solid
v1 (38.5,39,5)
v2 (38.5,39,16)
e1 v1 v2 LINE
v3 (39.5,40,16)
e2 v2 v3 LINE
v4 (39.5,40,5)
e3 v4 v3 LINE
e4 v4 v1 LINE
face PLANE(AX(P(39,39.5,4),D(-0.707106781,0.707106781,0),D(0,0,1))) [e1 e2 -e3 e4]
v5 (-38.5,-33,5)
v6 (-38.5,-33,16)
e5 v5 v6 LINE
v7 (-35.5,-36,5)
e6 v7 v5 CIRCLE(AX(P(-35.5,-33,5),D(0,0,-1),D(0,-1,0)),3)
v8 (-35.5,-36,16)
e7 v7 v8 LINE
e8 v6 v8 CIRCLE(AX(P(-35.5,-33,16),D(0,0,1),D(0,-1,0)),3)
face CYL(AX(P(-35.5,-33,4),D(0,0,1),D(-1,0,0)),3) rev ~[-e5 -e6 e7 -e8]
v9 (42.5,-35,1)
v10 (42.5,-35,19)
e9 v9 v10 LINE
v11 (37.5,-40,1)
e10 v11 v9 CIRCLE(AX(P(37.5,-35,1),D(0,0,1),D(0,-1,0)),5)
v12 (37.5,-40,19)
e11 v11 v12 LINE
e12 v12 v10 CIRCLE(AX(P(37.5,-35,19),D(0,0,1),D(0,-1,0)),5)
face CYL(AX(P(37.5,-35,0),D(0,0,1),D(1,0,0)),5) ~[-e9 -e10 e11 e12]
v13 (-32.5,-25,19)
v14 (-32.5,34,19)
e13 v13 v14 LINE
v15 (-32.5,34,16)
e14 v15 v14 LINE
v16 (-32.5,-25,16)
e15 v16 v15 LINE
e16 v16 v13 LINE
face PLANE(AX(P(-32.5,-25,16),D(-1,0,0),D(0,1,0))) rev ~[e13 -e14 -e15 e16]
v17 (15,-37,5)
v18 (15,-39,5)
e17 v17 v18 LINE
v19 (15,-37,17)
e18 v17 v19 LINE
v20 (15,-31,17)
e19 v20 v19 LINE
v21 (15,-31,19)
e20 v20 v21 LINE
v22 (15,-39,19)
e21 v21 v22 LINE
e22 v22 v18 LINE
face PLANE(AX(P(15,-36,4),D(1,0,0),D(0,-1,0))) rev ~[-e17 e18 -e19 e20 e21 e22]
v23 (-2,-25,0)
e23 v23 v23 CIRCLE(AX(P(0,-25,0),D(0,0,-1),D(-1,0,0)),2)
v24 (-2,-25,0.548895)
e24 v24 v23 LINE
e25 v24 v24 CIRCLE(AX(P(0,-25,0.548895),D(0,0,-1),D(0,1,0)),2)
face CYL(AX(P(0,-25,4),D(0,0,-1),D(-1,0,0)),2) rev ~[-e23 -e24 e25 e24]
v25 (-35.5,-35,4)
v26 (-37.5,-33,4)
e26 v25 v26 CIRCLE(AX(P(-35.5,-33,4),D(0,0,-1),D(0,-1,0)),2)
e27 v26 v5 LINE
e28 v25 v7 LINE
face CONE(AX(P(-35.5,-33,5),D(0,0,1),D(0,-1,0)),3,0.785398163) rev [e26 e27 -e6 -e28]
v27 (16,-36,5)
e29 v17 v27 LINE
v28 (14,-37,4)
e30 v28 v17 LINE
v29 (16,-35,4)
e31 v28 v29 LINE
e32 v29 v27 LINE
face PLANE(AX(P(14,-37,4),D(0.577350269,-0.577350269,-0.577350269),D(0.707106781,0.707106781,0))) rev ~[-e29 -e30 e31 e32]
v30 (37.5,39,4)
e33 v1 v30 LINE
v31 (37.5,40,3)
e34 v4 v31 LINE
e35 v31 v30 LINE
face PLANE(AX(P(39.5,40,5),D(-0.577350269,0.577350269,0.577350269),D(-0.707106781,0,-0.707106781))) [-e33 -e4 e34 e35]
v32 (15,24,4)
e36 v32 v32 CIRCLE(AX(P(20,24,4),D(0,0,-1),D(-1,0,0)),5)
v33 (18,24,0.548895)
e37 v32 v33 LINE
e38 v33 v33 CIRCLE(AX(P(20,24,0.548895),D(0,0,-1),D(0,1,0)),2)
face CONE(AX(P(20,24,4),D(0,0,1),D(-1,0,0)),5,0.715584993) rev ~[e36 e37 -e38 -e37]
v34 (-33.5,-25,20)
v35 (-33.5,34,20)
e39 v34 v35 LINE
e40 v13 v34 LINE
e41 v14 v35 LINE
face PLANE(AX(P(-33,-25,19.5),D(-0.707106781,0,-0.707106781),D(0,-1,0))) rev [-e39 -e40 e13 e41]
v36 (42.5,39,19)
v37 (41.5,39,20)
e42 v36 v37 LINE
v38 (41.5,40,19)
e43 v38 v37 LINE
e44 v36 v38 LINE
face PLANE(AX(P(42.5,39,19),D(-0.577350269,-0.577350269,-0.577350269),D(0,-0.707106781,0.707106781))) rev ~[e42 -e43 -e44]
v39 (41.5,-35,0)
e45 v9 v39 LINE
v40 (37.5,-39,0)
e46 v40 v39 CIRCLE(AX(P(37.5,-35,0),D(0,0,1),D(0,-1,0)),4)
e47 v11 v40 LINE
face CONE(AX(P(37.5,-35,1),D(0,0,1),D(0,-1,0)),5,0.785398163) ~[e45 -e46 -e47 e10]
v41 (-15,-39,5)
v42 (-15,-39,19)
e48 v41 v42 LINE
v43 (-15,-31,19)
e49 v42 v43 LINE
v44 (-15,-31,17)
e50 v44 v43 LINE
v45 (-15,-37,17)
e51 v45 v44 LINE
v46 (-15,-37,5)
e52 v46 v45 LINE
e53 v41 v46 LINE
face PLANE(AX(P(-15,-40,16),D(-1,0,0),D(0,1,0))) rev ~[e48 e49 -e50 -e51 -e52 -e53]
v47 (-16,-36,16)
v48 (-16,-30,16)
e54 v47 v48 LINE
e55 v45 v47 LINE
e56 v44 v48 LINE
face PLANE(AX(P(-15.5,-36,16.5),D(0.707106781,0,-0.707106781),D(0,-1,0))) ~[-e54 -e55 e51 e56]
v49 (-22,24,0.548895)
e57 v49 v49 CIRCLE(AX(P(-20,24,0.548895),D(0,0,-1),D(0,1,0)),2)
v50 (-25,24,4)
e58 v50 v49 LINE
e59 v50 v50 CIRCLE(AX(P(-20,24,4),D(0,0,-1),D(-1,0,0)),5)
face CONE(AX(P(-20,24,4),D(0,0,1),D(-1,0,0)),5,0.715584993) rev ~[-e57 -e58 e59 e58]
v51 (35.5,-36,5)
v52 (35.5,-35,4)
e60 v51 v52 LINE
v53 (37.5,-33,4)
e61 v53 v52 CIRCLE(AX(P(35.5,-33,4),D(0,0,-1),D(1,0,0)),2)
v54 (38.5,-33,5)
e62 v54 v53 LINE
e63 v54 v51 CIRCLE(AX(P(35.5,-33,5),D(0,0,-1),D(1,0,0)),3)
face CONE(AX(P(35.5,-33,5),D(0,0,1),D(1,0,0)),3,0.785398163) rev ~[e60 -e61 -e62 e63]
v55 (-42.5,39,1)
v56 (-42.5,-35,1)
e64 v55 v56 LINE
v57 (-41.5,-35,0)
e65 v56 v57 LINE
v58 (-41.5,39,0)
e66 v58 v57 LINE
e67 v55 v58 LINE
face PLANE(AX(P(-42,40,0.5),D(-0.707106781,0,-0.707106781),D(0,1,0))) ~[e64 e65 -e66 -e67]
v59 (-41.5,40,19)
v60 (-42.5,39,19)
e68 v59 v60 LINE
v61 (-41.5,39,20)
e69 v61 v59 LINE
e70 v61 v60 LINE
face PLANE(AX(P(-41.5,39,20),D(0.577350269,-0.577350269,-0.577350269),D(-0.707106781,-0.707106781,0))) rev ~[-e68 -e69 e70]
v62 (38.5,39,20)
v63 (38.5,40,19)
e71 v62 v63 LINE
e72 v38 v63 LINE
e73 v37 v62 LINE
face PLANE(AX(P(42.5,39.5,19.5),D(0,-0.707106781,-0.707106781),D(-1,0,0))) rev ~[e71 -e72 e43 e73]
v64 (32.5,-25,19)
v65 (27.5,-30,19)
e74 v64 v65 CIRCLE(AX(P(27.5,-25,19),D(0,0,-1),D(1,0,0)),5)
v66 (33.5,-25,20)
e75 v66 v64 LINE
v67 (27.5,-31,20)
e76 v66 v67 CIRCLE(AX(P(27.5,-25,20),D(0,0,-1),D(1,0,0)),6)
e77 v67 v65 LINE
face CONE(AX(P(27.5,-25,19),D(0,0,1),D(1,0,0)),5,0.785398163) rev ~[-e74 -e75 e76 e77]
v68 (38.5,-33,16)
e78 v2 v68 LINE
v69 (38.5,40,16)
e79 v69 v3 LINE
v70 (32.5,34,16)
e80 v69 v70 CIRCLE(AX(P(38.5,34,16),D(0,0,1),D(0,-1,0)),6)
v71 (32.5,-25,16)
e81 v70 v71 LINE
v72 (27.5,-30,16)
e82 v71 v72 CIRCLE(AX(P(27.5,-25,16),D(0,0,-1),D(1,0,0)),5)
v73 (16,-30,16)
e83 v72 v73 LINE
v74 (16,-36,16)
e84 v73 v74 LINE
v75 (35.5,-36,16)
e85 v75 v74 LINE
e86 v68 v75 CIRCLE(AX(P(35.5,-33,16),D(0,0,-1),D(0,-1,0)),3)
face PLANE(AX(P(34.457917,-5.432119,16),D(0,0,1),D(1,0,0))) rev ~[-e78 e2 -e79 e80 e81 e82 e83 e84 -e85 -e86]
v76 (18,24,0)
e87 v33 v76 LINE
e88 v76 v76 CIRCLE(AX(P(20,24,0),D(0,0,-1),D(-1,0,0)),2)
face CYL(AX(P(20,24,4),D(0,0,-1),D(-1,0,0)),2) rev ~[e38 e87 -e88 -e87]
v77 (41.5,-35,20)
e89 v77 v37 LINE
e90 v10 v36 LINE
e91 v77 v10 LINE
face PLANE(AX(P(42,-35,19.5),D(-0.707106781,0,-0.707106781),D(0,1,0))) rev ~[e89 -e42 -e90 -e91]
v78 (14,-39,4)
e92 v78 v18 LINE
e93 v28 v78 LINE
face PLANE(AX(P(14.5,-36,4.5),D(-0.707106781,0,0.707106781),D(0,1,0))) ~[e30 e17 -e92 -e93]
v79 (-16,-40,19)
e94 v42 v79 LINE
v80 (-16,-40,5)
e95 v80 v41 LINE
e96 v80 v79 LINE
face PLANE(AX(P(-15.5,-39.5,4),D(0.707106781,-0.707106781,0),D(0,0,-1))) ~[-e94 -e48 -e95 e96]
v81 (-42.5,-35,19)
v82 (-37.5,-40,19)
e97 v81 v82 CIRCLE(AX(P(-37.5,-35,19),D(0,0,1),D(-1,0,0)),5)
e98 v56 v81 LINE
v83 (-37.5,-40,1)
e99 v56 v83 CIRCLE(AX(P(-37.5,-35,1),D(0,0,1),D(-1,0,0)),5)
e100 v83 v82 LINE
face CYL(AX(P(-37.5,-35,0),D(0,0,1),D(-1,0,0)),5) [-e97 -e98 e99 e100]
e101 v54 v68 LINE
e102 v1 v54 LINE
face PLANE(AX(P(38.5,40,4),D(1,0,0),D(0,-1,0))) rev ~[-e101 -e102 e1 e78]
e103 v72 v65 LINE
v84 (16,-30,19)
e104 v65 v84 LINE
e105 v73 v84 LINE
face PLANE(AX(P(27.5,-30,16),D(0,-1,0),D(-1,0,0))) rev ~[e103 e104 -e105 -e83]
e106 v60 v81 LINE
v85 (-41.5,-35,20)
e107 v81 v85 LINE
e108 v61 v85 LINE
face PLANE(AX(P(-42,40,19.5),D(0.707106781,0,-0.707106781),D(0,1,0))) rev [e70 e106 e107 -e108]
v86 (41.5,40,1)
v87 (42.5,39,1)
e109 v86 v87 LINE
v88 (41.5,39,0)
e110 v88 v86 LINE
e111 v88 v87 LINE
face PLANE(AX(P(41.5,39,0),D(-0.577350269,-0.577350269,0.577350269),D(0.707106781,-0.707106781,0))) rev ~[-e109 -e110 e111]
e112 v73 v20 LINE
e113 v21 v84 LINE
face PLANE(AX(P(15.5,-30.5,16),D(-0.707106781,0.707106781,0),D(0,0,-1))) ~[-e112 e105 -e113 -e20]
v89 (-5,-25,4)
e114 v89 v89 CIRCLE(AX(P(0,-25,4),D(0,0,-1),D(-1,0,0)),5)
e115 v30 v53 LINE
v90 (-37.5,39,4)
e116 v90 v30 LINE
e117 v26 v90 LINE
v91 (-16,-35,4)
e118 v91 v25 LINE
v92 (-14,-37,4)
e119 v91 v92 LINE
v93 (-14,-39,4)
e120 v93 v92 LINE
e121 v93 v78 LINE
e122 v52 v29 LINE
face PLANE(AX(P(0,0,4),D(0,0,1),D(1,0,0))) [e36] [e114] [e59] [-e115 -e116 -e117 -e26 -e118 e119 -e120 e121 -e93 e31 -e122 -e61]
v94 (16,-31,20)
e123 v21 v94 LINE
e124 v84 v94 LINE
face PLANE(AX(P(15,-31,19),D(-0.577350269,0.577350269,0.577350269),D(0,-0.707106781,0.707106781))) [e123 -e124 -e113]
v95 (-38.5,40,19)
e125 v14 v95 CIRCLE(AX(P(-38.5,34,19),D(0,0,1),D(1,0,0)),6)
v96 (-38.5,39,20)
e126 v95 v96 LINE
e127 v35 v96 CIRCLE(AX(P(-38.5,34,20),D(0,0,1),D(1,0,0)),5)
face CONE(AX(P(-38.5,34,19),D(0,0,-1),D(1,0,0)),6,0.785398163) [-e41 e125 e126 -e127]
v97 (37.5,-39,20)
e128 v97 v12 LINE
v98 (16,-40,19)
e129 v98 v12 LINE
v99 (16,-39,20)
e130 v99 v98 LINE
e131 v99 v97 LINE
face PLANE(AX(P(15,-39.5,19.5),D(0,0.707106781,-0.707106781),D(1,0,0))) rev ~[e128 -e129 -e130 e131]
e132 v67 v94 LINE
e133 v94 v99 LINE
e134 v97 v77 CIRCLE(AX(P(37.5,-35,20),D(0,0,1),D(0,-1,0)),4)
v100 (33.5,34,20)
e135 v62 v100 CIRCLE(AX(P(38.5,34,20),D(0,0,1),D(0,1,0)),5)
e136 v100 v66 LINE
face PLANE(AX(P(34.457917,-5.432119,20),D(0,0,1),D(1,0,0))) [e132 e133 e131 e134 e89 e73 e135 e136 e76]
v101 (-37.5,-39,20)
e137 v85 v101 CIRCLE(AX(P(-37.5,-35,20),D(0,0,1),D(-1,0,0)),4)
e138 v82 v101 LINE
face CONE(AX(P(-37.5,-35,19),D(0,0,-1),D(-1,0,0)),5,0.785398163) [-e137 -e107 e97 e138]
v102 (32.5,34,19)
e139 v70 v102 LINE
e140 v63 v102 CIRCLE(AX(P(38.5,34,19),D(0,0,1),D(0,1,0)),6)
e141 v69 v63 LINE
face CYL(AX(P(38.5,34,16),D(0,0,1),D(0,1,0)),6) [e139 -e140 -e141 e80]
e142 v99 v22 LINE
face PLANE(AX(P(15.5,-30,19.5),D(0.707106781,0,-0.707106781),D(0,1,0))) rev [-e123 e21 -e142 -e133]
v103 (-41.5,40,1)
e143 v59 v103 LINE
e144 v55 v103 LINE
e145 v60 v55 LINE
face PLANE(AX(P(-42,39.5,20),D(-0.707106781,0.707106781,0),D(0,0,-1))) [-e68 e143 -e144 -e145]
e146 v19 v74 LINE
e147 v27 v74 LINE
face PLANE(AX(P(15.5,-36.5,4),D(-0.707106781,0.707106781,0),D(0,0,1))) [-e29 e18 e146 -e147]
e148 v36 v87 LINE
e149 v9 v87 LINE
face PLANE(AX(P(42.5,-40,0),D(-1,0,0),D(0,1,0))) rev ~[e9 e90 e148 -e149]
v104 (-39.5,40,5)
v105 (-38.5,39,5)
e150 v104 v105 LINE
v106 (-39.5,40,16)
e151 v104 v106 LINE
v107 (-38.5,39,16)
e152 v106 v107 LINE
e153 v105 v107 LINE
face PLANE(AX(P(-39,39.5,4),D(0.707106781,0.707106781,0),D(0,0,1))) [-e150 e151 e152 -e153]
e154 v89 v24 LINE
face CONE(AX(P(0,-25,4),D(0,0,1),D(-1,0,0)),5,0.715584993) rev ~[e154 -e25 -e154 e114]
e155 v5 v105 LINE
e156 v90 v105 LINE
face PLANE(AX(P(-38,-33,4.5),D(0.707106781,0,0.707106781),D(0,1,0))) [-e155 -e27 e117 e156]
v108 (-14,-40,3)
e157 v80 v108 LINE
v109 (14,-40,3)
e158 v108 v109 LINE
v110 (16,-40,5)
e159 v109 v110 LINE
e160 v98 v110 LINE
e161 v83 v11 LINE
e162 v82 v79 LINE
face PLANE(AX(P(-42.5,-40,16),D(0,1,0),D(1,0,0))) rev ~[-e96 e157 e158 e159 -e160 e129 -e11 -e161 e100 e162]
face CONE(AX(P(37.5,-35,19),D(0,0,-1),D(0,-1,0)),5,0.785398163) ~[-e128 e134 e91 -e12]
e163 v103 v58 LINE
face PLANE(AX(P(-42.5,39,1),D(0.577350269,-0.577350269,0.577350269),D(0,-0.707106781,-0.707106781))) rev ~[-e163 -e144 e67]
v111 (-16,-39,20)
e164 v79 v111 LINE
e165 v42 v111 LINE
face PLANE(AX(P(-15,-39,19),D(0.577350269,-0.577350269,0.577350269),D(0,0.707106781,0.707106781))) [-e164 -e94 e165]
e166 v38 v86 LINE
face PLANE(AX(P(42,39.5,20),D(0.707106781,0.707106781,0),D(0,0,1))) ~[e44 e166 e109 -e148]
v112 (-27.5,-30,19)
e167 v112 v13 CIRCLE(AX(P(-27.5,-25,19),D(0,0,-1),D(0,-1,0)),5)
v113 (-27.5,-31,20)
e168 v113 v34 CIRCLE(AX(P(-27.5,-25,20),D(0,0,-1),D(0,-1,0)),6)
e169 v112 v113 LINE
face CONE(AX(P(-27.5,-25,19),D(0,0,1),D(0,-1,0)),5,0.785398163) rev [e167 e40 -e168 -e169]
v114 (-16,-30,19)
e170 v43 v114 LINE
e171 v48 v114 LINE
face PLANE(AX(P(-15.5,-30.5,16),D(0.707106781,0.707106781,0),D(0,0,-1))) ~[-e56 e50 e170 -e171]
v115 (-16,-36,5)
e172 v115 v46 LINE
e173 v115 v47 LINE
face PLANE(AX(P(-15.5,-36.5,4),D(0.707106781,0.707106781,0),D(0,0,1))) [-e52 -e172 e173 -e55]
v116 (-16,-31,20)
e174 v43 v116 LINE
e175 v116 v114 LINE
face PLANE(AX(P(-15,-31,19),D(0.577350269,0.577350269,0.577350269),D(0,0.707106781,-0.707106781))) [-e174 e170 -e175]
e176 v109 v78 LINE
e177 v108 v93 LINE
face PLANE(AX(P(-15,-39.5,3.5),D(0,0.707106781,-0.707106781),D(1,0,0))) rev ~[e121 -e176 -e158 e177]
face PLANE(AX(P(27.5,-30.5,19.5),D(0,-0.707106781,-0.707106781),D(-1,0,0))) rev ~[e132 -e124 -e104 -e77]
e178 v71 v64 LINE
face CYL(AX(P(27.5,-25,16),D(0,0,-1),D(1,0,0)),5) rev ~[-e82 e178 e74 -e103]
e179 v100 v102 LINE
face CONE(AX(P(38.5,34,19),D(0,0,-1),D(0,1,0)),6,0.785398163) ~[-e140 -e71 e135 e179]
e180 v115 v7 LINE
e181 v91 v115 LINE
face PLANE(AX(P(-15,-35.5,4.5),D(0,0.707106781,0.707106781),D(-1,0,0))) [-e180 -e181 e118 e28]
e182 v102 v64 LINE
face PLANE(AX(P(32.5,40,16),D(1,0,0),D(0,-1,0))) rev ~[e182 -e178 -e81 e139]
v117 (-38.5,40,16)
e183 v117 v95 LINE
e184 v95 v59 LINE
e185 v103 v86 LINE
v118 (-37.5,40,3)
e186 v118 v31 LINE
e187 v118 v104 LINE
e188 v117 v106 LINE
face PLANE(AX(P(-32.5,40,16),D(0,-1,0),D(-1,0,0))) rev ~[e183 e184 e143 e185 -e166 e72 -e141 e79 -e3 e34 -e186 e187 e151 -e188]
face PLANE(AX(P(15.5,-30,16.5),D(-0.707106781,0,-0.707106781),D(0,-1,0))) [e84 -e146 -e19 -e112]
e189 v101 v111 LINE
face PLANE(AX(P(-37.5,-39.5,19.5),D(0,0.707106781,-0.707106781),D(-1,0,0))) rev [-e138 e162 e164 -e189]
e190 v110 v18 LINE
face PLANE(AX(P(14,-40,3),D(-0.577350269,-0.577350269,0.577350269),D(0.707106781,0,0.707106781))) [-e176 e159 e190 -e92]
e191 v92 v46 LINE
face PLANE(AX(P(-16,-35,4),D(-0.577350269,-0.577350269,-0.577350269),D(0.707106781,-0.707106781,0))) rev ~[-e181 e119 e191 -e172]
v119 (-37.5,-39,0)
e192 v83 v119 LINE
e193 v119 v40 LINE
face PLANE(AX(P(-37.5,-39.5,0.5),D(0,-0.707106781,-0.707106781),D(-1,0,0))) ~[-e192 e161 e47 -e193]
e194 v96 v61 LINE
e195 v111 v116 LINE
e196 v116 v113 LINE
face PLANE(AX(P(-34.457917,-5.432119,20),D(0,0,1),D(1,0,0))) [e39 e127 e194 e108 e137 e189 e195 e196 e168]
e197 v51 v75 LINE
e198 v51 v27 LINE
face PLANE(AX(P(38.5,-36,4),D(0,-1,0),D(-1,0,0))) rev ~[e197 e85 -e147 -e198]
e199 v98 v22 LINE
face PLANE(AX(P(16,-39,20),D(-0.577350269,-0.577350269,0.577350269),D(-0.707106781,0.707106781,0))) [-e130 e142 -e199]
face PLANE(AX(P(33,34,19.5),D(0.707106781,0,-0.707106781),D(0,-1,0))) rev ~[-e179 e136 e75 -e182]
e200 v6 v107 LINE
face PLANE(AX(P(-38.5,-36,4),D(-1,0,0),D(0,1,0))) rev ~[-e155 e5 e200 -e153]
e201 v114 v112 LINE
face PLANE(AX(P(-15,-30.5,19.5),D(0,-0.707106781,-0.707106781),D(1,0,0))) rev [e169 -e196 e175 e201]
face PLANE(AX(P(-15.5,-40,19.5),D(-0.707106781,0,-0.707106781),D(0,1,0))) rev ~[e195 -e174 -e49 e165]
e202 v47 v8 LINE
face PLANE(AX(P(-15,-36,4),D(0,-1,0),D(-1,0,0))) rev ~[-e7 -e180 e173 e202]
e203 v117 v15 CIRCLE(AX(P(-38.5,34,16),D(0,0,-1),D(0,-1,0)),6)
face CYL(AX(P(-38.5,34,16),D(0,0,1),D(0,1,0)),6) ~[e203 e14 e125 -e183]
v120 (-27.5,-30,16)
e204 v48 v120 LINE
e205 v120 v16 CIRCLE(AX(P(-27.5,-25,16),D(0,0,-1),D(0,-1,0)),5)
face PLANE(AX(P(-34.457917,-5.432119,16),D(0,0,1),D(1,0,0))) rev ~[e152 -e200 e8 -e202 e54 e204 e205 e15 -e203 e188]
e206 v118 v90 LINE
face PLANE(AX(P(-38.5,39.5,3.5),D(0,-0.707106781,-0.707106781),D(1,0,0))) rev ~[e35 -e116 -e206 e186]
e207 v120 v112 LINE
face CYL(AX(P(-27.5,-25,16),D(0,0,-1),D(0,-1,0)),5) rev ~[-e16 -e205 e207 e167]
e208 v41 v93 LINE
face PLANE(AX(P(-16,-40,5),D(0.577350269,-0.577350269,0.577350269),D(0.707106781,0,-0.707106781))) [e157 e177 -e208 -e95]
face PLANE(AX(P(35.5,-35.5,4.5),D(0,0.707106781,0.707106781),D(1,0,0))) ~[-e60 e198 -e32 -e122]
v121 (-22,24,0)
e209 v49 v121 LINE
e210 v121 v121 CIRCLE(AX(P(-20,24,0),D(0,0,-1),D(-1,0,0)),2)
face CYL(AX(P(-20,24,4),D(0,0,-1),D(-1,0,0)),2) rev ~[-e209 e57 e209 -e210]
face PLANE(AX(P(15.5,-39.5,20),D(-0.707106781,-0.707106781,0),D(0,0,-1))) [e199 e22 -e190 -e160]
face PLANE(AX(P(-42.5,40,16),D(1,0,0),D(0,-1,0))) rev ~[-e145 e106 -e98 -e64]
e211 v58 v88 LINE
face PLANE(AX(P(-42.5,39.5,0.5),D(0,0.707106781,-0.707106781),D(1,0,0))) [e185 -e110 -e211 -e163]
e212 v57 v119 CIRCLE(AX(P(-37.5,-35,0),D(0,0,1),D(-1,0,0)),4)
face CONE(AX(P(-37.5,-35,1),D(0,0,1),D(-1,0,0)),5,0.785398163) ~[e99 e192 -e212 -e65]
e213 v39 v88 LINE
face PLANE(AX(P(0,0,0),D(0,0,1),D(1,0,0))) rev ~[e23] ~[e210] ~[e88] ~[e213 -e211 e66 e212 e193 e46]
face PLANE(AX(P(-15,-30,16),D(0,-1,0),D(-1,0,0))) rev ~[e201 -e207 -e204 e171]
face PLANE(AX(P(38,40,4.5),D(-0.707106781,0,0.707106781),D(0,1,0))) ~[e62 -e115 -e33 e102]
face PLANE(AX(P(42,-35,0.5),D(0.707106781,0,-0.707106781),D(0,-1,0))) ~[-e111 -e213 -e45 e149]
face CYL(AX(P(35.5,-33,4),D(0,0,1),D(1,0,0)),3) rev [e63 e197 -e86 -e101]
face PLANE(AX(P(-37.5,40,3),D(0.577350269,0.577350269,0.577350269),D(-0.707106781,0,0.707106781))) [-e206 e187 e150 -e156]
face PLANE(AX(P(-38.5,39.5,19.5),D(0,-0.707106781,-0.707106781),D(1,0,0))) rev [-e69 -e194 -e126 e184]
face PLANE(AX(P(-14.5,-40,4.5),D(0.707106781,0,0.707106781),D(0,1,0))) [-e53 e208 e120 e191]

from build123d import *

# Parameters (mm, degrees)
F0_W            = 85
F0_H            = 80
F1_DEPTH        = 4
F3_DEPTH        = 12
F5_DEPTH        = 4
F6_R            = 5
F7_R            = 3
F8_R            = 6
F9_SIZE         = 1
F11_D           = 4
F11_CSINK_D     = 10
F11_CSINK_ANGLE = 82


with BuildPart() as f1:
    # F0 (on Top) → F1 (new body)
    with BuildSketch(Plane.XY):
        Rectangle(F0_W, F0_H)
    extrude(amount=F1_DEPTH)

    # F2 (on face) → F3 (join)
    with BuildSketch(Plane.XY.offset(4)):
        Polygon((-42.5, 40), (-42.5, -40), (-15, -40), (-15, -36), (-38.5, -36), (-38.5, 40), align=None)
        Polygon((42.5, 40), (38.5, 40), (38.5, -36), (15, -36), (15, -40), (42.5, -40), align=None)
    extrude(amount=F3_DEPTH)

    # F4 (on face) → F5 (join)
    with BuildSketch(Plane.XY.offset(16)):
        with BuildLine():
            Line((-42.5, 40), (-42.5, -40))
            Line((-42.5, -40), (-15, -40))
            Line((-15, -40), (-15, -36))
            Line((-15, -36), (-15, -30))
            Line((-15, -30), (-27.5, -30))
            ThreePointArc((-27.5, -30), (-31.0355339059, -28.5355339059), (-32.5, -25))
            Line((-32.5, -25), (-32.5, 40))
            Line((-32.5, 40), (-38.5, 40))
            Line((-38.5, 40), (-42.5, 40))
        make_face()
        with BuildLine():
            Line((38.5, 40), (32.5, 40))
            Line((32.5, 40), (32.5, -25))
            ThreePointArc((32.5, -25), (31.0355339059, -28.5355339059), (27.5, -30))
            Line((27.5, -30), (15, -30))
            Line((15, -30), (15, -36))
            Line((15, -36), (15, -40))
            Line((15, -40), (42.5, -40))
            Line((42.5, -40), (42.5, 40))
            Line((42.5, 40), (38.5, 40))
        make_face()
    extrude(amount=F5_DEPTH)

    # F6
    f6_edges = [f1.edges().sort_by_distance(p)[0] for p in [
        (-42.5, -40, 10),
        (42.5, -40, 10),
    ]]
    fillet(f6_edges, radius=F6_R)

    # F7
    f7_edges = [f1.edges().sort_by_distance(p)[0] for p in [
        (38.5, -36, 10),
        (-38.5, -36, 10),
    ]]
    fillet(f7_edges, radius=F7_R)

    # F8
    f8_edges = [f1.edges().sort_by_distance(p)[0] for p in [
        (-32.5, 40, 18),
        (32.5, 40, 18),
    ]]
    fillet(f8_edges, radius=F8_R)

    # F9
    f9_edges = [f1.edges().sort_by_distance(p)[0] for p in [
        (40.5, 40, 20),
        (38.5, 40, 18),
        (42.5, 40, 10),
        (38.5, 40, 10),
        (0, 40, 0),
        (0, 40, 4),
        (-42.5, 40, 10),
        (-38.5, 40, 10),
        (-40.5, 40, 20),
        (-38.5, 40, 18),
        (-26.25, -40, 20),
        (-37.5, -40, 10),
        (-15, -40, 12),
        (0, -40, 0),
        (0, -40, 4),
        (37.5, -40, 10),
        (15, -40, 12),
        (26.25, -40, 20),
        (41.035534, -38.535534, 0),
        (42.5, -35, 10),
        (41.035534, -38.535534, 20),
        (42.5, 2.5, 20),
        (42.5, 2.5, 0),
        (-41.035534, -38.535534, 20),
        (-42.5, -35, 10),
        (-41.035534, -38.535534, 0),
        (-42.5, 2.5, 20),
        (-42.5, 2.5, 0),
        (-25.25, -36, 4),
        (-37.62132, -35.12132, 4),
        (-15, -38, 4),
        (-38.5, 3.5, 4),
        (15, -38, 4),
        (38.5, 3.5, 4),
        (25.25, -36, 4),
        (37.62132, -35.12132, 4),
        (15, -36, 10),
        (15, -33, 16),
        (15, -30, 18),
        (15, -35, 20),
        (-15, -35, 20),
        (-15, -30, 18),
        (-15, -33, 16),
        (-15, -36, 10),
    ]]
    chamfer(f9_edges, length=F9_SIZE)

    # F11 (through all)
    with Locations(Plane.XY.offset(4)):
        with Locations((-20, 24), (20, 24), (0, -25)):
            CounterSinkHole(F11_D / 2, F11_CSINK_D / 2, counter_sink_angle=F11_CSINK_ANGLE)


solid = f1.part
